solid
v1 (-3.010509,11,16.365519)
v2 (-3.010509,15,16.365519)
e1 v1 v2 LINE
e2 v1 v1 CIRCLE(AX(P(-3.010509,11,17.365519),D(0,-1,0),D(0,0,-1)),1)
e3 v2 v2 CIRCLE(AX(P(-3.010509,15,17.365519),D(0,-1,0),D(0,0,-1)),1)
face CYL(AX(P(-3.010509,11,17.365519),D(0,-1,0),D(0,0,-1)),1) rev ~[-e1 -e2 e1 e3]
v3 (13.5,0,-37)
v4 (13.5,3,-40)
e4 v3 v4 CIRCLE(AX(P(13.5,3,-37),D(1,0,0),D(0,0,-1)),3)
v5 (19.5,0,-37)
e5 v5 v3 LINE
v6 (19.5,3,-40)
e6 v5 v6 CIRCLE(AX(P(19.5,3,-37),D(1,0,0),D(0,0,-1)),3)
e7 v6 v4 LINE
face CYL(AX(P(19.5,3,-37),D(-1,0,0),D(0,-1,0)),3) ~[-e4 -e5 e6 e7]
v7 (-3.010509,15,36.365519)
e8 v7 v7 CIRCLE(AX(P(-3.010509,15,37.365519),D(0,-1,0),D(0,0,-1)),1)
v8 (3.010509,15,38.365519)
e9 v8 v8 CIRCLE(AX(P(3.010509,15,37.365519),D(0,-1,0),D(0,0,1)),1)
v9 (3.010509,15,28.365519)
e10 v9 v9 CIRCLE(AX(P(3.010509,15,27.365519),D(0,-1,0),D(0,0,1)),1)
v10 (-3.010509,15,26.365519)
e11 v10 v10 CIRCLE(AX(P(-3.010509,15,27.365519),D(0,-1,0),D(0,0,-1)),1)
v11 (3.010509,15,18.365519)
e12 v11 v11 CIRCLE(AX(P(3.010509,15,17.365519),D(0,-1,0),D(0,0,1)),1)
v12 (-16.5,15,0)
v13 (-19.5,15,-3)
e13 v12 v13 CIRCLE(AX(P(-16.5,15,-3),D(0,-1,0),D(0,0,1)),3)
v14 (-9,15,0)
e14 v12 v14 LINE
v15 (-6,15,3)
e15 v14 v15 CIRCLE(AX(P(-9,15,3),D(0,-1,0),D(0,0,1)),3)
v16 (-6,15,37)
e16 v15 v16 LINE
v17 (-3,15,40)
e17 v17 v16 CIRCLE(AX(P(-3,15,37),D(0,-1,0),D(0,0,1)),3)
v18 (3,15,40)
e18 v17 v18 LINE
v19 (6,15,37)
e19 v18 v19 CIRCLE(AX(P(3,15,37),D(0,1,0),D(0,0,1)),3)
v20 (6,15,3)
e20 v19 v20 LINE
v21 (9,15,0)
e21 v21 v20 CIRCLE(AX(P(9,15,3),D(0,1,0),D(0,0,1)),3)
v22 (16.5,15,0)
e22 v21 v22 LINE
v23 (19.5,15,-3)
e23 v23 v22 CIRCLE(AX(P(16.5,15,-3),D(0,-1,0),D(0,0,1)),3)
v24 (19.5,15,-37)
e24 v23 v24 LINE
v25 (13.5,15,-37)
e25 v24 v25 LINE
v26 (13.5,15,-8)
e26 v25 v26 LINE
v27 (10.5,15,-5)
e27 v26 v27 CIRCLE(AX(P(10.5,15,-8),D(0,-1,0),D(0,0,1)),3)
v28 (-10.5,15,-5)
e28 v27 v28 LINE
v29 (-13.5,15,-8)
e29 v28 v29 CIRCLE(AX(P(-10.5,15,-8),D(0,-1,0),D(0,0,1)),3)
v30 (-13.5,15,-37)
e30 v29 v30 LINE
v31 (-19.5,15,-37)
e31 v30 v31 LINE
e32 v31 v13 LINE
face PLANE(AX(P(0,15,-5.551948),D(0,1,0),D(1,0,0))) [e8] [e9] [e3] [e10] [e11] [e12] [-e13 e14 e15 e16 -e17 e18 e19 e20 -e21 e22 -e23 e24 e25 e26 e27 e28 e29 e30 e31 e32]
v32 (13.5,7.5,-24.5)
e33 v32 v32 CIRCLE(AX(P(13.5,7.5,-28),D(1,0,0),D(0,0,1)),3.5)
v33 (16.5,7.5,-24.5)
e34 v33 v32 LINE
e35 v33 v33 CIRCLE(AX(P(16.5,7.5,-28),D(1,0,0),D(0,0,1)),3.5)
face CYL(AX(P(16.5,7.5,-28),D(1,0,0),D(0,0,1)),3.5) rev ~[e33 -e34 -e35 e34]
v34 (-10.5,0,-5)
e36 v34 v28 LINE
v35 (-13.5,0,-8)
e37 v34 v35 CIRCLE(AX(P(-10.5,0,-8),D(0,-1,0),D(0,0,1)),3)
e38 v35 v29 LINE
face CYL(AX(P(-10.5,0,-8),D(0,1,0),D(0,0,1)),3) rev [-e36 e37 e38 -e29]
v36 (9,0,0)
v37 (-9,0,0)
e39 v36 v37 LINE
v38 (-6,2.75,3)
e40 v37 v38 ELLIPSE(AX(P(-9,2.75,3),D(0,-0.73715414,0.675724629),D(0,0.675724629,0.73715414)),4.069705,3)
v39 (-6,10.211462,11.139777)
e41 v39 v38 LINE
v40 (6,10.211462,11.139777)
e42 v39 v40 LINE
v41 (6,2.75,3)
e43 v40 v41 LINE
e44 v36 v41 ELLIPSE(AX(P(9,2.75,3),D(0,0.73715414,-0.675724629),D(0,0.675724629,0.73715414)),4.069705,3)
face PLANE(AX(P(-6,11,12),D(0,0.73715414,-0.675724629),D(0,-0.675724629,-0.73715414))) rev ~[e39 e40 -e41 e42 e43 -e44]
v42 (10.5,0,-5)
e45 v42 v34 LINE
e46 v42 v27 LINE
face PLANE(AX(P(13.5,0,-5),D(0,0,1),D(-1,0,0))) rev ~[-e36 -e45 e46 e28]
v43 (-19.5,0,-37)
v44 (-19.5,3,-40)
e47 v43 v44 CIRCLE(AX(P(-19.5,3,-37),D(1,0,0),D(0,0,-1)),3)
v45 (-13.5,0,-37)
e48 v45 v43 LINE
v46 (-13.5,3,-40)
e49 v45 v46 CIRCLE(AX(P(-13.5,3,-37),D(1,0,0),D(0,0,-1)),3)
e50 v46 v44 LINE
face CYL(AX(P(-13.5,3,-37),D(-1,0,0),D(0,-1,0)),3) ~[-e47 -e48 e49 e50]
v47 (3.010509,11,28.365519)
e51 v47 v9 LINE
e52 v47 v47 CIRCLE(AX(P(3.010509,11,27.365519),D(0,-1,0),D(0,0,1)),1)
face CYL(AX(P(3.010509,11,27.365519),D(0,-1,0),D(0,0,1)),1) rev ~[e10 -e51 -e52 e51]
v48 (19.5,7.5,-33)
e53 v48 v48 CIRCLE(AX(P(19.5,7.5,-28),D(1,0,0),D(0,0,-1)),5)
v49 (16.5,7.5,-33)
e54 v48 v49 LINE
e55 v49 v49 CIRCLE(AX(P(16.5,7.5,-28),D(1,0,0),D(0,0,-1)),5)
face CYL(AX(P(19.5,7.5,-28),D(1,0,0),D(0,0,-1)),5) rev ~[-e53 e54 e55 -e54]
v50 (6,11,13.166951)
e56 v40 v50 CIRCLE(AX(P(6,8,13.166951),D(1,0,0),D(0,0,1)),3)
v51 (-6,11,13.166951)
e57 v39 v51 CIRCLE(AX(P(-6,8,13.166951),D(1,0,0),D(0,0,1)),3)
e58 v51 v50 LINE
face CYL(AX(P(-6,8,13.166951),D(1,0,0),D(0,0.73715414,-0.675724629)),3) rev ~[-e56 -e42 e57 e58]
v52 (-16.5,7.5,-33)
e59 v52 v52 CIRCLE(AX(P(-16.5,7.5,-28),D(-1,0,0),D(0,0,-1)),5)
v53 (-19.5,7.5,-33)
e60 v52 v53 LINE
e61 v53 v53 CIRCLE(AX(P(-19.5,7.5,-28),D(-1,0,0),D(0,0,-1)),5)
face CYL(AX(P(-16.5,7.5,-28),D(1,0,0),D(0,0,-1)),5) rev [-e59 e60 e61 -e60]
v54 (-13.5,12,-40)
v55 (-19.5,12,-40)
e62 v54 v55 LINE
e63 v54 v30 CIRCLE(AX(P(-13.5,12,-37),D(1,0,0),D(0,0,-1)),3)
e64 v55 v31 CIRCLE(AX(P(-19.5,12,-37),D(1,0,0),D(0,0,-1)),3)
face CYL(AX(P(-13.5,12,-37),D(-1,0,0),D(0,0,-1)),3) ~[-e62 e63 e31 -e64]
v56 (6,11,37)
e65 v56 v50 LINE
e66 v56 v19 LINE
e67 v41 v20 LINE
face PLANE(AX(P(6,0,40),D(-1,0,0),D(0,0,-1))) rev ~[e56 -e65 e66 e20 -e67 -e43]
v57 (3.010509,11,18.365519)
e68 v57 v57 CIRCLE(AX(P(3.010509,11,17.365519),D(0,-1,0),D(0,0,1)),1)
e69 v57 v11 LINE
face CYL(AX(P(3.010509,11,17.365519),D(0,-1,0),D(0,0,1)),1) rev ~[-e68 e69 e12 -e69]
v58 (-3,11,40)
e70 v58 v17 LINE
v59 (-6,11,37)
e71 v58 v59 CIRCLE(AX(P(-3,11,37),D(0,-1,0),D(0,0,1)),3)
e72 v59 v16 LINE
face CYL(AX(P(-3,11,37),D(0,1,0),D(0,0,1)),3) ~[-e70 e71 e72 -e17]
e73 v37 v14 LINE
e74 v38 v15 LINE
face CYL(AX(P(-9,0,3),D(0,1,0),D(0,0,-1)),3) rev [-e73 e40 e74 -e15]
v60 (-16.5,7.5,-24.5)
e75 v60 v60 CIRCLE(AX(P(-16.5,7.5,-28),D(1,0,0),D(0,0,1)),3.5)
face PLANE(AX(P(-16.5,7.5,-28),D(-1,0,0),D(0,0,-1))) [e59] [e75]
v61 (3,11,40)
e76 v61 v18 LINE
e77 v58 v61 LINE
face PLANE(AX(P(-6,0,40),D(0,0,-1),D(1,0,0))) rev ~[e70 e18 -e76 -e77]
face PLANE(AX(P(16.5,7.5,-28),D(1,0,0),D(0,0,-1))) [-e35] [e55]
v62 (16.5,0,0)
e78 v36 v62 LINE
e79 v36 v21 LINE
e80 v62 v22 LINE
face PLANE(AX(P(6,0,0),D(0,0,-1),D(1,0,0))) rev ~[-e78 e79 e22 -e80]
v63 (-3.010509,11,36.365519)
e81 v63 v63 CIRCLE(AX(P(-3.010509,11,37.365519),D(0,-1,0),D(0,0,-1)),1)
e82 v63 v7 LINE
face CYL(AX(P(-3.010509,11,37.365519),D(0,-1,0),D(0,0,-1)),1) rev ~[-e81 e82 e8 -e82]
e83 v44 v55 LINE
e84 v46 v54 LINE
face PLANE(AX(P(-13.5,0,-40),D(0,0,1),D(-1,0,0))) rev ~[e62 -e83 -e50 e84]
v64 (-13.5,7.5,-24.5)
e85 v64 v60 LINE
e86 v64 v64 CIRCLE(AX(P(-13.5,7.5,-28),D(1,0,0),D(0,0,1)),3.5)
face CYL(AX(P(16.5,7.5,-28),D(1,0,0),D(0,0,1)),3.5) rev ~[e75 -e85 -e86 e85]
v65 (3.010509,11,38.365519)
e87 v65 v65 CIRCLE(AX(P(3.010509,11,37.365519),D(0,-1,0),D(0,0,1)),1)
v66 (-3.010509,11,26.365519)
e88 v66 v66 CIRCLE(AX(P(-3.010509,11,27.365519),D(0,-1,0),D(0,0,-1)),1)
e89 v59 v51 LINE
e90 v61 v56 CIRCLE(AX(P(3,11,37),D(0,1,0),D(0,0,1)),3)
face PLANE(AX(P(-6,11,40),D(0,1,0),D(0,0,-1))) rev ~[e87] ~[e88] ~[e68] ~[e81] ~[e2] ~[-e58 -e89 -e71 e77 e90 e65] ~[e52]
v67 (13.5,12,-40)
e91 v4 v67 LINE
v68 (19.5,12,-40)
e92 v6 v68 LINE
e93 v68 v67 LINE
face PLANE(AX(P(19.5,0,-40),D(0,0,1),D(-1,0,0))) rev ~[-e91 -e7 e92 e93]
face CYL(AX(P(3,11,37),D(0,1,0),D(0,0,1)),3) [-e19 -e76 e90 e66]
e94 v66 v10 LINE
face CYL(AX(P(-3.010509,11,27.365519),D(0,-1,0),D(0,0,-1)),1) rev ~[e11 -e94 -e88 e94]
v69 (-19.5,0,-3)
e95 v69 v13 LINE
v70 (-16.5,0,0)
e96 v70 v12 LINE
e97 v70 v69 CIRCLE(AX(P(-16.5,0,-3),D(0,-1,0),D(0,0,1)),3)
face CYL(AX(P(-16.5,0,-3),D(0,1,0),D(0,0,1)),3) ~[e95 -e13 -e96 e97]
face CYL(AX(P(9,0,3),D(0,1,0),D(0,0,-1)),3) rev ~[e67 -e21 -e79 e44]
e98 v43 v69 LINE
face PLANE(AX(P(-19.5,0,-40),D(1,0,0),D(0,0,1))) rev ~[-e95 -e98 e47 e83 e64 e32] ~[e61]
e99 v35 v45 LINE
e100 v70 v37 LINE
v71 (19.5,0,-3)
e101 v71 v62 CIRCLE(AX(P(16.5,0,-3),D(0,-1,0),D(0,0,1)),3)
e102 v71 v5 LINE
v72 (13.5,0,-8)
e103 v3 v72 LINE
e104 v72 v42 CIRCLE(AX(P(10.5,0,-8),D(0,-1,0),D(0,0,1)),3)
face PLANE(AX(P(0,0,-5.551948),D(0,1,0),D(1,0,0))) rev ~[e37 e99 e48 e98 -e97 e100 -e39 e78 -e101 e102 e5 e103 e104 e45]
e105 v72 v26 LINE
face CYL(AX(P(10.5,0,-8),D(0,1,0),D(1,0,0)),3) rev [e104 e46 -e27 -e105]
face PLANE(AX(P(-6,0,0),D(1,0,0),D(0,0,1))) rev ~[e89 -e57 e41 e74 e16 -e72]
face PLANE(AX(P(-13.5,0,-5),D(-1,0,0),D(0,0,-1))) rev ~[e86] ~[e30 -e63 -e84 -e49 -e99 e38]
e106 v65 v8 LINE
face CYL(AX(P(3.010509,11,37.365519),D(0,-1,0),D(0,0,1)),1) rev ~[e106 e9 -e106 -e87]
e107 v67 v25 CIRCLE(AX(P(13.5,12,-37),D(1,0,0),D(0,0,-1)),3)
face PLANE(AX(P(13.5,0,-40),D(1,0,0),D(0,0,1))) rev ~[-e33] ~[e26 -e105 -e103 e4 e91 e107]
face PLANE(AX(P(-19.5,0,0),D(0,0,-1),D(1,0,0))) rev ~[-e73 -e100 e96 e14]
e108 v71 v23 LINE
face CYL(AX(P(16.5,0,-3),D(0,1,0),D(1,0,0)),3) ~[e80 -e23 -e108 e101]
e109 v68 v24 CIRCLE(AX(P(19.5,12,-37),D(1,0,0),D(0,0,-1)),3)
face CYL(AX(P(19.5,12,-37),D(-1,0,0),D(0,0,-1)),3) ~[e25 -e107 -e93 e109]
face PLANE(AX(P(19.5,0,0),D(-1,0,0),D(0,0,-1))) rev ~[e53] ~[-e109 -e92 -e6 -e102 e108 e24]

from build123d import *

# Parameters (mm, degrees)
BOSS_EXTRUDE1_DEPTH = 15
SKETCH3_R           = 5
CUT_EXTRUDE1_DEPTH  = 3
CUT_EXTRUDE2_START  = -3
SKETCH4_R           = 5
CUT_EXTRUDE2_DEPTH  = 3
SKETCH5_R           = 3.5
CUT_EXTRUDE3_DEPTH  = 64
CUT_EXTRUDE4_DEPTH  = 15
FILLET2_R           = 3
FILLET3_R           = 3
FILLET5_R           = 3
FILLET6_R           = 3
SKETCH7_R           = 1
CUT_EXTRUDE5_DEPTH  = 4


with BuildPart() as part:
    # Sketch2 → Boss-Extrude1 (new body)
    with BuildSketch(Plane(origin=(0, 0, 0), x_dir=(1, 0, 0), z_dir=(0, 1, 0))):
        Polygon((-6, -40), (6, -40), (6, 0), (19.5, 0), (19.5, 40), (13.5, 40), (13.5, 5), (-13.5, 5), (-13.5, 40), (-19.5, 40), (-19.5, 0), (-6, 0), align=None)
    extrude(amount=BOSS_EXTRUDE1_DEPTH)

    # Sketch3 → Cut-Extrude1 (cut)
    with BuildSketch(Plane(origin=(19.5, 0, 0), x_dir=(0, 0, -1), z_dir=(1, 0, 0))):
        with Locations((28, 7.5)):
            Circle(SKETCH3_R)
    extrude(amount=-CUT_EXTRUDE1_DEPTH, mode=Mode.SUBTRACT)

    # Sketch4 → Cut-Extrude2 (cut)
    with BuildSketch(Plane.ZY.offset(19.5).offset(CUT_EXTRUDE2_START)):
        with Locations(Location((-28, 7.5, 0), (0, 0, 180))):
            Circle(SKETCH4_R)
    extrude(amount=CUT_EXTRUDE2_DEPTH, mode=Mode.SUBTRACT)

    # Sketch5 → Cut-Extrude3 (cut)
    with BuildSketch(Plane(origin=(16.5, 0, 0), x_dir=(0, 0, -1), z_dir=(1, 0, 0))):
        with Locations(Location((28, 7.5, 0), (0, 0, 180))):
            Circle(SKETCH5_R)
    extrude(amount=-CUT_EXTRUDE3_DEPTH, mode=Mode.SUBTRACT)

    # Sketch6 → Cut-Extrude4 (cut)
    with BuildSketch(Plane.ZY.offset(6)):
        Polygon((40, 0), (40, 11), (12, 11), (0, 0), align=None)
    extrude(amount=-CUT_EXTRUDE4_DEPTH, mode=Mode.SUBTRACT)

    # Fillet2
    fillet2_edges = [part.edges().sort_by_distance(p)[0] for p in [
        (-16.5, 0, -40),
        (16.5, 0, -40),
        (16.5, 15, -40),
        (-16.5, 15, -40),
    ]]
    fillet(fillet2_edges, radius=FILLET2_R)

    # Fillet3
    fillet3_edges = [part.edges().sort_by_distance(p)[0] for p in [
        (-19.5, 7.5, 0),
        (-13.5, 7.5, -5),
        (13.5, 7.5, -5),
        (19.5, 7.5, 0),
    ]]
    fillet(fillet3_edges, radius=FILLET3_R)

    # Fillet5
    fillet5_edges = [part.edges().sort_by_distance(p)[0] for p in [
        (6, 7.5, 0),
        (-6, 7.5, 0),
        (0, 11, 12),
    ]]
    fillet(fillet5_edges, radius=FILLET5_R)

    # Fillet6
    fillet6_edges = [part.edges().sort_by_distance(p)[0] for p in [
        (6, 13, 40),
        (-6, 13, 40),
    ]]
    fillet(fillet6_edges, radius=FILLET6_R)

    # Sketch7 → Cut-Extrude5 (cut)
    with BuildSketch(Plane.XZ.offset(-11)):
        with Locations(Location((-3.010508875, 37.365518676, 0), (0, 0, 270))):
            Circle(SKETCH7_R)
        with Locations(Location((-3.010508875, 27.365518676, 0), (0, 0, 270))):
            Circle(SKETCH7_R)
        with Locations(Location((-3.010508875, 17.365518676, 0), (0, 0, 270))):
            Circle(SKETCH7_R)
        with Locations(Location((3.010508875, 17.365518676, 0), (0, 0, 90))):
            Circle(SKETCH7_R)
        with Locations(Location((3.010508875, 27.365518676, 0), (0, 0, 90))):
            Circle(SKETCH7_R)
        with Locations(Location((3.010508875, 37.365518676, 0), (0, 0, 90))):
            Circle(SKETCH7_R)
    extrude(amount=-CUT_EXTRUDE5_DEPTH, mode=Mode.SUBTRACT)


solid = part.part
